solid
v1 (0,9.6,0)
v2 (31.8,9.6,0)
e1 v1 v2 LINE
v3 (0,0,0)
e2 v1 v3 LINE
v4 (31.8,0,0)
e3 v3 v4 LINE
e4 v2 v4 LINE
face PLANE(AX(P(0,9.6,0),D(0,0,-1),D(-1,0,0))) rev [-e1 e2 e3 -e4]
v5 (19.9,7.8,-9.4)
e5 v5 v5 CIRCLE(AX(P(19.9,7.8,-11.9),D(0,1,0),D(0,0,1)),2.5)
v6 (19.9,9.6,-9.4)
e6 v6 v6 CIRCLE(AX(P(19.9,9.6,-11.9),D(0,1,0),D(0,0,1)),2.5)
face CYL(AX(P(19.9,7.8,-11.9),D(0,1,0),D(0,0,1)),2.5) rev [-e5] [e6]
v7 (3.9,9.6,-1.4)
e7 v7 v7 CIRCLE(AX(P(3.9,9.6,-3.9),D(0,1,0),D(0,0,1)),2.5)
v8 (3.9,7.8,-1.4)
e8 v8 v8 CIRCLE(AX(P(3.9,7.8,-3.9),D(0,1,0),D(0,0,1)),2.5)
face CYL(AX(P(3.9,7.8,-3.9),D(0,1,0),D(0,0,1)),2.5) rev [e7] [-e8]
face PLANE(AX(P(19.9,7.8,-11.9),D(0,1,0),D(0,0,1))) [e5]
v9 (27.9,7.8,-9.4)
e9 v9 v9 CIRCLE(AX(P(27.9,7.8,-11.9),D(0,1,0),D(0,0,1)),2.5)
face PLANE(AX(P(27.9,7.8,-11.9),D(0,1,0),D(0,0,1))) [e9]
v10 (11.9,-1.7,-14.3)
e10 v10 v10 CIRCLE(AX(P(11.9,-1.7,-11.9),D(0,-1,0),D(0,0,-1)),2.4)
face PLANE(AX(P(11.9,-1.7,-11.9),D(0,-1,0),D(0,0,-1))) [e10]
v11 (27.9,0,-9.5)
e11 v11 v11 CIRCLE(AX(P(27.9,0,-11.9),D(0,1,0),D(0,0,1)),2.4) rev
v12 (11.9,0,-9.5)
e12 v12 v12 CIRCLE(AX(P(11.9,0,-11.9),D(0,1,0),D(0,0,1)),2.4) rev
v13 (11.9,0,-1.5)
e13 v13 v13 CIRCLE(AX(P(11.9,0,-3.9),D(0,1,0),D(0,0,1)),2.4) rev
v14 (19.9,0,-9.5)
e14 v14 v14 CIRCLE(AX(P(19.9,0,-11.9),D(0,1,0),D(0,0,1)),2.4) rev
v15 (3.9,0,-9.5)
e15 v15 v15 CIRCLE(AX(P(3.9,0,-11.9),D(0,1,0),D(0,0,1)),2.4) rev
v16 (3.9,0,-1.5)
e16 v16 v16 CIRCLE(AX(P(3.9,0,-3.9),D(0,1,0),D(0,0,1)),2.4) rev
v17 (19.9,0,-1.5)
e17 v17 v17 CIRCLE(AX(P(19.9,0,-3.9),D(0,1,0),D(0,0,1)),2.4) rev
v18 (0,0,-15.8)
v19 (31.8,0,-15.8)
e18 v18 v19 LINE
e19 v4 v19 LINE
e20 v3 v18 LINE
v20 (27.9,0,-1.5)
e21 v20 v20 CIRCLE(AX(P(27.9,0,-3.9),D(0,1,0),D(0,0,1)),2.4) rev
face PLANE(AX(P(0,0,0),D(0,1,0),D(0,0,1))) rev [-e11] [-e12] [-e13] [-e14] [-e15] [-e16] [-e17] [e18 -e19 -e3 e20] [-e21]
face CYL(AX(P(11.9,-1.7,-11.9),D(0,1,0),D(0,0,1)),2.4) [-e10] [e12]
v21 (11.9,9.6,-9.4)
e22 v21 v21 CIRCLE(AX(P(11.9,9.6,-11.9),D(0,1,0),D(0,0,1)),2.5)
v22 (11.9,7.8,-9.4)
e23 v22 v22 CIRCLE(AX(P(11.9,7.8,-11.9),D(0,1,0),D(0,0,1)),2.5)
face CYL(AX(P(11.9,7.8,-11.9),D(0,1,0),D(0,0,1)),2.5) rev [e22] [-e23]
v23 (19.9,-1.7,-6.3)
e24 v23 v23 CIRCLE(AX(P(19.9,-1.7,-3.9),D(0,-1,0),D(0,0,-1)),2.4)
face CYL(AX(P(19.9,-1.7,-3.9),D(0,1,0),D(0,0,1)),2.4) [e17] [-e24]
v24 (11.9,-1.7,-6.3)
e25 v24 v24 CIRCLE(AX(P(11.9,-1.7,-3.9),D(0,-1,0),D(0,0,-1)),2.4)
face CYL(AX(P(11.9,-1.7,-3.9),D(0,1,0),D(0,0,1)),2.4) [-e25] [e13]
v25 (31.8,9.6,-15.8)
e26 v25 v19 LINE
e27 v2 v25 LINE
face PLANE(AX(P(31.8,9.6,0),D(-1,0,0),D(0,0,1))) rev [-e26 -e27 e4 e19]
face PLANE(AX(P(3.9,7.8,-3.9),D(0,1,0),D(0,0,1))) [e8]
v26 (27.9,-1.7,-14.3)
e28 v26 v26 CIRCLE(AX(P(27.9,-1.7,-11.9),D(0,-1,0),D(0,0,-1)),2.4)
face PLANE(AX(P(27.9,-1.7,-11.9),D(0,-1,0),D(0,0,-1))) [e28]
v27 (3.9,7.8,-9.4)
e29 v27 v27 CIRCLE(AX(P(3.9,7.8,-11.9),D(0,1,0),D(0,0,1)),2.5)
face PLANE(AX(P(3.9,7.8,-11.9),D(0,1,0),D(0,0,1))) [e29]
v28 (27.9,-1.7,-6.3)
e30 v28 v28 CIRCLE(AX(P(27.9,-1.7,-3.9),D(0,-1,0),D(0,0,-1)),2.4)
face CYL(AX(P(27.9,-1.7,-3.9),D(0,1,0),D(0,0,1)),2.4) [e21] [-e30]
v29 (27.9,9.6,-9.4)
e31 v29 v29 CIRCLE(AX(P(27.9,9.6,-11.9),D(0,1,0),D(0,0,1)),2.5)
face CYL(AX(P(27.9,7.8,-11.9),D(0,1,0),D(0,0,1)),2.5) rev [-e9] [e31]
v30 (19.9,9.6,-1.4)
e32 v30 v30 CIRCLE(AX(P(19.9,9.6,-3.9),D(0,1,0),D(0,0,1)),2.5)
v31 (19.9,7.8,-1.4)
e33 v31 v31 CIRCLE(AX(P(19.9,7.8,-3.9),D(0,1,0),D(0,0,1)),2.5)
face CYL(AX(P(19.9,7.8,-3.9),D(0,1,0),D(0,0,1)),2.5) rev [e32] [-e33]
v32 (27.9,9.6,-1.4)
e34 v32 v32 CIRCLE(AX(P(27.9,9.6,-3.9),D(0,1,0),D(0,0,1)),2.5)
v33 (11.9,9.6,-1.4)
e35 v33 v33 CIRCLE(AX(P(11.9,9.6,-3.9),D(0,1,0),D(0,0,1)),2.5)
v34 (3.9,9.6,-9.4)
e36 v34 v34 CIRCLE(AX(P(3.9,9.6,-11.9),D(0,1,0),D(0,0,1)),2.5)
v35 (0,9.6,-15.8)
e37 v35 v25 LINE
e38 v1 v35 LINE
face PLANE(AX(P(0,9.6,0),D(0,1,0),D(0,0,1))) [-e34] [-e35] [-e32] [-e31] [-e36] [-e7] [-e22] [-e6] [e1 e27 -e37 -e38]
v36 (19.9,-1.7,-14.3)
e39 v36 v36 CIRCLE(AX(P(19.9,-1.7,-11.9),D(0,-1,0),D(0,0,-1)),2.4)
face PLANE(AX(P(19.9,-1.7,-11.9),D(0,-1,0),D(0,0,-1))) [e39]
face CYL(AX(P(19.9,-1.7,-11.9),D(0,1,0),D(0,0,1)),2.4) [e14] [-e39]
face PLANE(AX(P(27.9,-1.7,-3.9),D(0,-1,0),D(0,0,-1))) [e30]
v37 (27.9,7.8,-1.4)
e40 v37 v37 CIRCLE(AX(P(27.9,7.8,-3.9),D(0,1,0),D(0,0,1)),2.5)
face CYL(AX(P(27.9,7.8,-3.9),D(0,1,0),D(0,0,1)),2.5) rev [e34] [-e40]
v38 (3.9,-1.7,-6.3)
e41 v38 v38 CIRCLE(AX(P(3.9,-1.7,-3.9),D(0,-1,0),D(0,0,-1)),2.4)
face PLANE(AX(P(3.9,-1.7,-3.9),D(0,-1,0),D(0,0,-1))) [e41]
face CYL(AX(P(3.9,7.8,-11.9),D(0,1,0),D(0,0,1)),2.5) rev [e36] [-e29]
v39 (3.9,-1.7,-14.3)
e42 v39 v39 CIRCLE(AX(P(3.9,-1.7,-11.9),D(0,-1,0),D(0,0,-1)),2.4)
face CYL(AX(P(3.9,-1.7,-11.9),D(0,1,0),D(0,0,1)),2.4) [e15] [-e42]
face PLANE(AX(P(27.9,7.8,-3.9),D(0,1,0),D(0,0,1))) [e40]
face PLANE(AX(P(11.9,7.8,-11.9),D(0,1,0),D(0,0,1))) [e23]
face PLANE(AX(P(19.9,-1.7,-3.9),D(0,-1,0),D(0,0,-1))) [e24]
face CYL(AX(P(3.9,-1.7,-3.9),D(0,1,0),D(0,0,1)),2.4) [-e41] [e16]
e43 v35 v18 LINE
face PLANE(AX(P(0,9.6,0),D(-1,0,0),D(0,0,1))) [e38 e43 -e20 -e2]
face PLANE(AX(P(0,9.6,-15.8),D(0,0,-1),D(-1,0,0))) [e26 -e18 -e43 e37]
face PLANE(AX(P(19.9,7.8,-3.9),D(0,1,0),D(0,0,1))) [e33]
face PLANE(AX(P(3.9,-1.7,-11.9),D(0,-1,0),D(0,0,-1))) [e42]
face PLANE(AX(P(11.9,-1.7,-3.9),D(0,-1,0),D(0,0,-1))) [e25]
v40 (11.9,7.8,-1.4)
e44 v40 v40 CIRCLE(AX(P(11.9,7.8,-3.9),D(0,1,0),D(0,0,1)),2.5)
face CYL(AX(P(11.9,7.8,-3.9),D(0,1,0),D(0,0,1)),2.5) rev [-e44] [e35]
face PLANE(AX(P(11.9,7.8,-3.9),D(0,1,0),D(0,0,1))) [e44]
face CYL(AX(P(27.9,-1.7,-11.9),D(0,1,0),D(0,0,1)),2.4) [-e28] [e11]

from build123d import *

# Parameters (mm, degrees)
SKETCH_1_W          = 31.8
SKETCH_1_H          = 15.8
EXTRUDE_1_DEPTH     = 9.6
SKETCH_2_R          = 2.4
EXTRUDE_4_DEPTH     = 1.7
SKETCH_3_R          = 2.5
CUT_EXTRUDE_1_DEPTH = 1.8


with BuildPart() as part:
    # Эскиз1 → Бобышка-Вытянуть1 (new body)
    with BuildSketch(Plane(origin=(0, 0, 0), x_dir=(1, 0, 0), z_dir=(0, 1, 0))):
        with Locations((15.9, 7.9)):
            Rectangle(SKETCH_1_W, SKETCH_1_H)
    extrude(amount=EXTRUDE_1_DEPTH)

    # Эскиз2 → Бобышка-Вытянуть4 (add)
    with BuildSketch(Plane.XZ):
        with Locations((27.9, -3.9)):
            Circle(SKETCH_2_R)
        with Locations((19.9, -3.9)):
            Circle(SKETCH_2_R)
        with Locations((11.9, -3.9)):
            Circle(SKETCH_2_R)
        with Locations((3.9, -3.9)):
            Circle(SKETCH_2_R)
        with Locations((19.9, -11.9)):
            Circle(SKETCH_2_R)
        with Locations((11.9, -11.9)):
            Circle(SKETCH_2_R)
        with Locations((3.9, -11.9)):
            Circle(SKETCH_2_R)
        with Locations((27.9, -11.9)):
            Circle(SKETCH_2_R)
    extrude(amount=EXTRUDE_4_DEPTH)

    # Эскиз3 → Вырез-Вытянуть1 (cut)
    with BuildSketch(Plane(origin=(0, 9.6, 0), x_dir=(1, 0, 0), z_dir=(0, 1, 0))):
        with Locations((27.9, 3.9)):
            Circle(SKETCH_3_R)
        with Locations((19.9, 3.9)):
            Circle(SKETCH_3_R)
        with Locations((11.9, 3.9)):
            Circle(SKETCH_3_R)
        with Locations((3.9, 3.9)):
            Circle(SKETCH_3_R)
        with Locations((19.9, 11.9)):
            Circle(SKETCH_3_R)
        with Locations((11.9, 11.9)):
            Circle(SKETCH_3_R)
        with Locations((3.9, 11.9)):
            Circle(SKETCH_3_R)
        with Locations((27.9, 11.9)):
            Circle(SKETCH_3_R)
    extrude(amount=-CUT_EXTRUDE_1_DEPTH, mode=Mode.SUBTRACT)


solid = part.part
